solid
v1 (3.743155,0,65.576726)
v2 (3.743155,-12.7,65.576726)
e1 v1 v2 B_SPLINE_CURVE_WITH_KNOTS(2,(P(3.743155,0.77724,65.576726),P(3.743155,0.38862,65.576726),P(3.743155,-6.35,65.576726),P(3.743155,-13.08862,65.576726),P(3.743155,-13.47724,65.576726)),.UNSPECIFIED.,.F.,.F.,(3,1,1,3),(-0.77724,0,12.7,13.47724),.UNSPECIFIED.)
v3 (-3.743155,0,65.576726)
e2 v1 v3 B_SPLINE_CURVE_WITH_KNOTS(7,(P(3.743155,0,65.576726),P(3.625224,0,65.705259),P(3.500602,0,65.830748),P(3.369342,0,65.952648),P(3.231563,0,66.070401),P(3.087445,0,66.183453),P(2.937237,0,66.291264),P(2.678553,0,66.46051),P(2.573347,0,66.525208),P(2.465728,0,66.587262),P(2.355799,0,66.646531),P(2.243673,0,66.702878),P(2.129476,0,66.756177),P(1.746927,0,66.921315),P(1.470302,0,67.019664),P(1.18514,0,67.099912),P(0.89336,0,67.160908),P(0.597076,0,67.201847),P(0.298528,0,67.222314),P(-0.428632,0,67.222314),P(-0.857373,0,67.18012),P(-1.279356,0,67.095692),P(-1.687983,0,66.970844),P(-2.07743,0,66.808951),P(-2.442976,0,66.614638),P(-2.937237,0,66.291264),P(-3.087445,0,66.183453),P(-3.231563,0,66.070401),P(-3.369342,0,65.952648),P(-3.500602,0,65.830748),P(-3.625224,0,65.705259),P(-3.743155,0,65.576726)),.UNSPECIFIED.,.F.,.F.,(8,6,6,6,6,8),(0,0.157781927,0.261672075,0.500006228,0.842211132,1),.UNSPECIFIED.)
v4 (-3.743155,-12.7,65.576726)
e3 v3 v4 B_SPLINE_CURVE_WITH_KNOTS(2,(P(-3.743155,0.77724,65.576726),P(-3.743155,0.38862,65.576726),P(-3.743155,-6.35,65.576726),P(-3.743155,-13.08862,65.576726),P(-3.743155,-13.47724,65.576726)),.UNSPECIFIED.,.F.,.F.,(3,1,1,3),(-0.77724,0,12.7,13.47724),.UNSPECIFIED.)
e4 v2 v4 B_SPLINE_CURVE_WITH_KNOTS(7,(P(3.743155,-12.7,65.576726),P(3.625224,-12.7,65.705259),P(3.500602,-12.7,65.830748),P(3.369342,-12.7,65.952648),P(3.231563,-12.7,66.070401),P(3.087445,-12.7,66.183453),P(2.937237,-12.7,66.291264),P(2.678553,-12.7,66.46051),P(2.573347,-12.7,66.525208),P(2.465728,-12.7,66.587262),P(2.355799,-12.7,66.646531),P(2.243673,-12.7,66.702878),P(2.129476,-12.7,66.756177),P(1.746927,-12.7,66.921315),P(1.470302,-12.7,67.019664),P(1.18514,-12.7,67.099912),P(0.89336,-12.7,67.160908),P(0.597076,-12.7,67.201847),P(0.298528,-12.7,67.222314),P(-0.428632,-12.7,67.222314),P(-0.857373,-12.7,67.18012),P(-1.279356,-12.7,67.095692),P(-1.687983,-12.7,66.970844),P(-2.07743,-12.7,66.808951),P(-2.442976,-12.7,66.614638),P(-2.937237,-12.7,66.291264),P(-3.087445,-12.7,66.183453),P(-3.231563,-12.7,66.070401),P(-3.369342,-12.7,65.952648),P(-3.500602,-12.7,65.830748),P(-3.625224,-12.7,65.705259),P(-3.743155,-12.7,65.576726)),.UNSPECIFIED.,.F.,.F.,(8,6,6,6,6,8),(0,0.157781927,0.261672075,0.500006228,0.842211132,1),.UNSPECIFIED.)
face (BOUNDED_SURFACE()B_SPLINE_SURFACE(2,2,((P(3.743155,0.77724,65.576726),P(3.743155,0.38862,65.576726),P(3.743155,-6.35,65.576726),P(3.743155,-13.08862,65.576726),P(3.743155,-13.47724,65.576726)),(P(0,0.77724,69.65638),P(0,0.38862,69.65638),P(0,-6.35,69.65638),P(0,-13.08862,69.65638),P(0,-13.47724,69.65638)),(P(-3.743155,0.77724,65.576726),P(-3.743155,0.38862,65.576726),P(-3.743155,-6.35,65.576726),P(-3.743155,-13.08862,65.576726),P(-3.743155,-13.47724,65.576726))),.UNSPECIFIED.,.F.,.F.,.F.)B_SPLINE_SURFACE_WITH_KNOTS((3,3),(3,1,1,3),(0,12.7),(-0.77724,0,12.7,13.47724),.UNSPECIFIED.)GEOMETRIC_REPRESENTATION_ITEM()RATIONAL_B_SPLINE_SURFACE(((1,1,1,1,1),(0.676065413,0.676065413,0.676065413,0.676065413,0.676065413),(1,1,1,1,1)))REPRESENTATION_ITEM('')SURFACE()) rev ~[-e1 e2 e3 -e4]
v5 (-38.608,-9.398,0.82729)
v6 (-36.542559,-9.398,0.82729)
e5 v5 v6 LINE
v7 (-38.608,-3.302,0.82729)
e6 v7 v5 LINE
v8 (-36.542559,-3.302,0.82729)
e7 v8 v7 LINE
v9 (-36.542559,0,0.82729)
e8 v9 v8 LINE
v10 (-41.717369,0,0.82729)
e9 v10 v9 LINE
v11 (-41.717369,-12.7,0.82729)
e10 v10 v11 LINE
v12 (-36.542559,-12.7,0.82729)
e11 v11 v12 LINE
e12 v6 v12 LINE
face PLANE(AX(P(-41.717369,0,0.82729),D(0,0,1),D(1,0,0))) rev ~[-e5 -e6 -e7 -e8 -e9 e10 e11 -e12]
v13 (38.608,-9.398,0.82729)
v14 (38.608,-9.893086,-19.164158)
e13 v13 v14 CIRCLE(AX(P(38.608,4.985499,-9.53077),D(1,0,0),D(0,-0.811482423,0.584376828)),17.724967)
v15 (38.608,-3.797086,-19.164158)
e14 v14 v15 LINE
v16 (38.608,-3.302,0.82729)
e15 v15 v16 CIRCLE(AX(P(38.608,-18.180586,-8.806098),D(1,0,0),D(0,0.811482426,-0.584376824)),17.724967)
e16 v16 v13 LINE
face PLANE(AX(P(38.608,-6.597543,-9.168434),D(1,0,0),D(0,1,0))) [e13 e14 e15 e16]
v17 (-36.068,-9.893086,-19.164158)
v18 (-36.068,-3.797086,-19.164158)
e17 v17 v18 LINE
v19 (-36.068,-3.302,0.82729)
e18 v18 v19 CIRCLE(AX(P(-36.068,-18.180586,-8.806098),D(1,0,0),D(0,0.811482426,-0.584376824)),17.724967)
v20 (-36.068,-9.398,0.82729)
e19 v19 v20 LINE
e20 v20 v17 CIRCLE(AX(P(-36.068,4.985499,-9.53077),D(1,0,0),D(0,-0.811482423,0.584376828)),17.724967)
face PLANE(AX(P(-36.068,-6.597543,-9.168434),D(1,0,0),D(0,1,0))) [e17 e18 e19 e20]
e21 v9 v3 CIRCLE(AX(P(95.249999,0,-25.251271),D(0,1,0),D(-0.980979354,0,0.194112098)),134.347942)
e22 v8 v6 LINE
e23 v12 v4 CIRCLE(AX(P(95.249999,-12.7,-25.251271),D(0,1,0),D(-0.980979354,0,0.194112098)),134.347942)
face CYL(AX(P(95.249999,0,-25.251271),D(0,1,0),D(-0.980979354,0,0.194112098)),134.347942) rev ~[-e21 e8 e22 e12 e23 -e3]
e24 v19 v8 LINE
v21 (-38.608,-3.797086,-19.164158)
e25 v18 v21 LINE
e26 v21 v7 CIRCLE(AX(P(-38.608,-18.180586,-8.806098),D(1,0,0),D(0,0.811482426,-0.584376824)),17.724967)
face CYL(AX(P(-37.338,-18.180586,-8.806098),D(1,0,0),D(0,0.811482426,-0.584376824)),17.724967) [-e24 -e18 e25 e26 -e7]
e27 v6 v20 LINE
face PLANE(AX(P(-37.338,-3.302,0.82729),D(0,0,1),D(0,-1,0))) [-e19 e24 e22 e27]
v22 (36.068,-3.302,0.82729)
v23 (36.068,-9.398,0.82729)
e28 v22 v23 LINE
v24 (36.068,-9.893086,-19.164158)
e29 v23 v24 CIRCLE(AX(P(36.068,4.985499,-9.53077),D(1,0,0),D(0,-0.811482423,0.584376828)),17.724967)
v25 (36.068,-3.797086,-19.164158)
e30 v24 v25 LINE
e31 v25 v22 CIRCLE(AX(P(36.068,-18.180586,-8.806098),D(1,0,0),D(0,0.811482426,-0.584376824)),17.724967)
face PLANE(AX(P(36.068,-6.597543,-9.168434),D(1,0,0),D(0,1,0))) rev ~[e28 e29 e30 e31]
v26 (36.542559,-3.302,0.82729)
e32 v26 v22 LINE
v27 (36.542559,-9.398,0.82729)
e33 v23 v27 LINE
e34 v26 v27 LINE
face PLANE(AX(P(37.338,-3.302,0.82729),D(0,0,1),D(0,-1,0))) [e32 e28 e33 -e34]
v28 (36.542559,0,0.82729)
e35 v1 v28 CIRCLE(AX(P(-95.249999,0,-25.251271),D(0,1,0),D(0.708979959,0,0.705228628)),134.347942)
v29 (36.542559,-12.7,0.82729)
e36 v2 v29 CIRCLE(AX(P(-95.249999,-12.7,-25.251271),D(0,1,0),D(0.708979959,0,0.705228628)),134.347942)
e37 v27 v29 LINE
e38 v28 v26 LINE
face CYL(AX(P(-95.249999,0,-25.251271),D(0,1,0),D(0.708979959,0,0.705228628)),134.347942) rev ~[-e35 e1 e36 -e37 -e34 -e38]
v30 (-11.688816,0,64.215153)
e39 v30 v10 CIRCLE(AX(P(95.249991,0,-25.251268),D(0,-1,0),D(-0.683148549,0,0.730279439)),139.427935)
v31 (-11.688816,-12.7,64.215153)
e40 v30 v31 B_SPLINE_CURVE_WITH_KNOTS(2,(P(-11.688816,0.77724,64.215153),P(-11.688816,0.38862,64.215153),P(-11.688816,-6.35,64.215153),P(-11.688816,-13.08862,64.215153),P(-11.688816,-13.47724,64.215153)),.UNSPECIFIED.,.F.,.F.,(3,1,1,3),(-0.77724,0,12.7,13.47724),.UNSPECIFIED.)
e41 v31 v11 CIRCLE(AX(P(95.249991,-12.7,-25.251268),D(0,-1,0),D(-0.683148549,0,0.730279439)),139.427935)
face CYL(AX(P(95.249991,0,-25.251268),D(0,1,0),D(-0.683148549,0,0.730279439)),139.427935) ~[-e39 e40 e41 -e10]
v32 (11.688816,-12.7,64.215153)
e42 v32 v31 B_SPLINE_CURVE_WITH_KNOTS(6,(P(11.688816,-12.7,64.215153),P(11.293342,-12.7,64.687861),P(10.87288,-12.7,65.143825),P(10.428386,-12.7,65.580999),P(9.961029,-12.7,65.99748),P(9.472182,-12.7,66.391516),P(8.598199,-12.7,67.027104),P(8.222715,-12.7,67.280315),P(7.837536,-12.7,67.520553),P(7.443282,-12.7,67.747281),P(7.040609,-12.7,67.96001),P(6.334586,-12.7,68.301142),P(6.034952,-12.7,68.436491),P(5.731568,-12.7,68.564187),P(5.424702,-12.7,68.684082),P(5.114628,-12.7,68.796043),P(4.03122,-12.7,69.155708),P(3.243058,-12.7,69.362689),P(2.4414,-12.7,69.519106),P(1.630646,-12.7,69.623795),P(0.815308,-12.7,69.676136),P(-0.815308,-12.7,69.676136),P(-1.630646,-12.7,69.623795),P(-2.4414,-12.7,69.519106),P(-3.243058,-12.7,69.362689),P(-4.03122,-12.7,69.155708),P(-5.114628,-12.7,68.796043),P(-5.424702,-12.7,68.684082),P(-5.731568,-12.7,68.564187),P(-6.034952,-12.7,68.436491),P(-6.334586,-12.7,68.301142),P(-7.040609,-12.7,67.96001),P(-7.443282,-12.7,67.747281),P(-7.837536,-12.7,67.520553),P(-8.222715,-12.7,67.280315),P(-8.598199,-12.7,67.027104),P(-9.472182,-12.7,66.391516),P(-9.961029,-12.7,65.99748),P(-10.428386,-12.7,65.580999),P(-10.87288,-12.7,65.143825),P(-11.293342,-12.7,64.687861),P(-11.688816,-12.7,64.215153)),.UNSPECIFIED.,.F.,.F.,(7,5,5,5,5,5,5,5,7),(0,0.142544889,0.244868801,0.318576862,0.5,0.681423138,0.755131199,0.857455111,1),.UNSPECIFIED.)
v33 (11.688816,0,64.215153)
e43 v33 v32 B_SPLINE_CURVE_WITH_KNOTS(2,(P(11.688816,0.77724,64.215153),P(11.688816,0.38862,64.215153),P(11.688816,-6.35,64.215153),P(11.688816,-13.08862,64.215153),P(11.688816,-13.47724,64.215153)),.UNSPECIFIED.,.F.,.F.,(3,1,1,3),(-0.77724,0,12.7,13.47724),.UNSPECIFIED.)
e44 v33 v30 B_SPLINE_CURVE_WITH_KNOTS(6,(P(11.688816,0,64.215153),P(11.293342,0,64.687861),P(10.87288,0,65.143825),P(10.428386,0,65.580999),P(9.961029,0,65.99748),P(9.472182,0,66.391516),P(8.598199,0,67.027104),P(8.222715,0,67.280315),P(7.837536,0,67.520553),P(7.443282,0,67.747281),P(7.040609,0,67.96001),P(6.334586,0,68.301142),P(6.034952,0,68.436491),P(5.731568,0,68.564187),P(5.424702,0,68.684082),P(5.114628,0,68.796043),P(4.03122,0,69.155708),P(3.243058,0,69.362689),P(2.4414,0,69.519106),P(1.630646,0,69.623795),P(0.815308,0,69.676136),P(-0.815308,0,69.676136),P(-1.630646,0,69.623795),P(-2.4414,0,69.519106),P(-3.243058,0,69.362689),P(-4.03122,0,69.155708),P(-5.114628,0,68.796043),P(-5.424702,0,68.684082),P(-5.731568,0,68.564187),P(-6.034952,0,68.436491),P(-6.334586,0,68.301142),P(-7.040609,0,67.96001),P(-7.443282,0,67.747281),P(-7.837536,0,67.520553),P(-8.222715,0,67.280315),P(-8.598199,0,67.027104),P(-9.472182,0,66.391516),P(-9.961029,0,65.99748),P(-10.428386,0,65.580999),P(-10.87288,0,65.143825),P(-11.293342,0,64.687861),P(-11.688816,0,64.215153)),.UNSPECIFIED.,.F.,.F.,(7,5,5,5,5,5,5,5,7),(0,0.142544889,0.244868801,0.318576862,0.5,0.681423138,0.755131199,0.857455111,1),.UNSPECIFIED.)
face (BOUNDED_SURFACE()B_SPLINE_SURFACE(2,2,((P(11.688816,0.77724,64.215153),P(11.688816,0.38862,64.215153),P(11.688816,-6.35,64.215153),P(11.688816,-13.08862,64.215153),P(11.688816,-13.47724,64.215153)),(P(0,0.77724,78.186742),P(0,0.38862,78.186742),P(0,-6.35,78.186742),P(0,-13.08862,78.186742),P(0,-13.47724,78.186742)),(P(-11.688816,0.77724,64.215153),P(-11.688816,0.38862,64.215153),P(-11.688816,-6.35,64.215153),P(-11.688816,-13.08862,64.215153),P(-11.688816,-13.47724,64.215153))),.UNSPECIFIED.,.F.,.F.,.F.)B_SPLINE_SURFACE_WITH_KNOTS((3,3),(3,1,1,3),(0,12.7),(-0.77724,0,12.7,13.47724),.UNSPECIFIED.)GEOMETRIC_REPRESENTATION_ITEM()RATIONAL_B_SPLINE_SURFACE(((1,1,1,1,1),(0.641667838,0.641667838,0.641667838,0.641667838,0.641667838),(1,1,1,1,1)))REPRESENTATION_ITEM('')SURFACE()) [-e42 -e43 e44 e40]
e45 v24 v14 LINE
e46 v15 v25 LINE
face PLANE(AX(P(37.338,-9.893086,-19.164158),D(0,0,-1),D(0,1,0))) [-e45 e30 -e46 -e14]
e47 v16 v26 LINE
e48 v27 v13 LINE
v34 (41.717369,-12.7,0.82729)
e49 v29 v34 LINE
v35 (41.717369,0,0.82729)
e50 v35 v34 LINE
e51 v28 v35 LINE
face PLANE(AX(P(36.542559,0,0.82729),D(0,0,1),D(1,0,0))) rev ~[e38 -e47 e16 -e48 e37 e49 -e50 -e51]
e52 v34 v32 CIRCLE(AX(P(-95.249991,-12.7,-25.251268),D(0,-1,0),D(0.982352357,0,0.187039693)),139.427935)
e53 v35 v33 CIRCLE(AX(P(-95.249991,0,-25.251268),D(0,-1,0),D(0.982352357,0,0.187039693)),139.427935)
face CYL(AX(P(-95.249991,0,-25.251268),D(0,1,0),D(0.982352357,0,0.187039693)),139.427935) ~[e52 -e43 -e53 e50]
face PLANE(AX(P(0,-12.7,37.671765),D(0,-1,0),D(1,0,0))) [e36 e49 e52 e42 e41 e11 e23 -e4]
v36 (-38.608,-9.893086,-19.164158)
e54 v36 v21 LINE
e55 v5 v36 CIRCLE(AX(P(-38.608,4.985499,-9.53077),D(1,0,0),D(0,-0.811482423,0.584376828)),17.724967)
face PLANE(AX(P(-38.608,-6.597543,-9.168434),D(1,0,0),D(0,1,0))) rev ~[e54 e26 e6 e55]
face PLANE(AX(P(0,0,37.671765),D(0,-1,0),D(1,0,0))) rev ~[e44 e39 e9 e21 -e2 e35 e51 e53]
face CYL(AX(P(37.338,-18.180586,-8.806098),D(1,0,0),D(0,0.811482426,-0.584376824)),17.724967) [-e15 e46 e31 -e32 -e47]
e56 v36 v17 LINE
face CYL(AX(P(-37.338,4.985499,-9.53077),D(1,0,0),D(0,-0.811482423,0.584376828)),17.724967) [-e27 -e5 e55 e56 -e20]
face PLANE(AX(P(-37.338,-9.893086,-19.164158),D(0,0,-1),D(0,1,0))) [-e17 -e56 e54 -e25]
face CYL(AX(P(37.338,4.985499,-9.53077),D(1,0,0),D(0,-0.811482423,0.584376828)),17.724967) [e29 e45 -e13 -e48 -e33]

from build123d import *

# Parameters (mm, degrees)
F1_DEPTH = 12.7
F2_R     = 15.24
F3_R     = 5.08
F6_DEPTH = 1.27
F9_DEPTH = 1.27


with BuildPart() as f1:
    # F0 (on Front) → F1 (new body)
    with BuildSketch(Plane.XZ):
        with BuildLine():
            ThreePointArc((41.717369, 0.82729), (26.878905, 42.014486), (0, 76.570086))
            ThreePointArc((0, 76.570086), (-26.878905, 42.014486), (-41.717369, 0.82729))
            Line((-41.717369, 0.82729), (-36.542559, 0.82729))
            ThreePointArc((-36.542559, 0.82729), (-23.349687, 37.863578), (0, 69.494744))
            ThreePointArc((0, 69.494744), (23.349687, 37.863578), (36.542559, 0.82729))
            Line((36.542559, 0.82729), (41.717369, 0.82729))
        make_face()
    extrude(amount=F1_DEPTH)

    # F2
    f2_edges = [f1.edges().sort_by_distance(p)[0] for p in [
        (0, -6.35, 76.570086),
    ]]
    fillet(f2_edges, radius=F2_R)

    # F3
    f3_edges = [f1.edges().sort_by_distance(p)[0] for p in [
        (0, -6.35, 69.494744),
    ]]
    fillet(f3_edges, radius=F3_R)

    # F5 (on offset) → F6 (join, symmetric)
    with BuildSketch(Plane.YZ.offset(37.338)):
        with BuildLine():
            Line((-3.302, 0.82729), (-9.398, 0.82729))
            ThreePointArc((-9.398, 0.82729), (-12.734035, -9.091947), (-9.893086, -19.164158))
            Line((-9.893086, -19.164158), (-3.797086, -19.164158))
            ThreePointArc((-3.797086, -19.164158), (-0.461051, -9.24492), (-3.302, 0.82729))
        make_face()
    extrude(amount=F6_DEPTH, both=True)

    # F8 (on offset) → F9 (join, symmetric)
    with BuildSketch(Plane.YZ.offset(-37.338)):
        with BuildLine():
            Line((-3.302, 0.82729), (-9.398, 0.82729))
            ThreePointArc((-9.398, 0.82729), (-12.734035, -9.091947), (-9.893086, -19.164158))
            Line((-9.893086, -19.164158), (-3.797086, -19.164158))
            ThreePointArc((-3.797086, -19.164158), (-0.461051, -9.24492), (-3.302, 0.82729))
        make_face()
    extrude(amount=F9_DEPTH, both=True)


solid = f1.part
